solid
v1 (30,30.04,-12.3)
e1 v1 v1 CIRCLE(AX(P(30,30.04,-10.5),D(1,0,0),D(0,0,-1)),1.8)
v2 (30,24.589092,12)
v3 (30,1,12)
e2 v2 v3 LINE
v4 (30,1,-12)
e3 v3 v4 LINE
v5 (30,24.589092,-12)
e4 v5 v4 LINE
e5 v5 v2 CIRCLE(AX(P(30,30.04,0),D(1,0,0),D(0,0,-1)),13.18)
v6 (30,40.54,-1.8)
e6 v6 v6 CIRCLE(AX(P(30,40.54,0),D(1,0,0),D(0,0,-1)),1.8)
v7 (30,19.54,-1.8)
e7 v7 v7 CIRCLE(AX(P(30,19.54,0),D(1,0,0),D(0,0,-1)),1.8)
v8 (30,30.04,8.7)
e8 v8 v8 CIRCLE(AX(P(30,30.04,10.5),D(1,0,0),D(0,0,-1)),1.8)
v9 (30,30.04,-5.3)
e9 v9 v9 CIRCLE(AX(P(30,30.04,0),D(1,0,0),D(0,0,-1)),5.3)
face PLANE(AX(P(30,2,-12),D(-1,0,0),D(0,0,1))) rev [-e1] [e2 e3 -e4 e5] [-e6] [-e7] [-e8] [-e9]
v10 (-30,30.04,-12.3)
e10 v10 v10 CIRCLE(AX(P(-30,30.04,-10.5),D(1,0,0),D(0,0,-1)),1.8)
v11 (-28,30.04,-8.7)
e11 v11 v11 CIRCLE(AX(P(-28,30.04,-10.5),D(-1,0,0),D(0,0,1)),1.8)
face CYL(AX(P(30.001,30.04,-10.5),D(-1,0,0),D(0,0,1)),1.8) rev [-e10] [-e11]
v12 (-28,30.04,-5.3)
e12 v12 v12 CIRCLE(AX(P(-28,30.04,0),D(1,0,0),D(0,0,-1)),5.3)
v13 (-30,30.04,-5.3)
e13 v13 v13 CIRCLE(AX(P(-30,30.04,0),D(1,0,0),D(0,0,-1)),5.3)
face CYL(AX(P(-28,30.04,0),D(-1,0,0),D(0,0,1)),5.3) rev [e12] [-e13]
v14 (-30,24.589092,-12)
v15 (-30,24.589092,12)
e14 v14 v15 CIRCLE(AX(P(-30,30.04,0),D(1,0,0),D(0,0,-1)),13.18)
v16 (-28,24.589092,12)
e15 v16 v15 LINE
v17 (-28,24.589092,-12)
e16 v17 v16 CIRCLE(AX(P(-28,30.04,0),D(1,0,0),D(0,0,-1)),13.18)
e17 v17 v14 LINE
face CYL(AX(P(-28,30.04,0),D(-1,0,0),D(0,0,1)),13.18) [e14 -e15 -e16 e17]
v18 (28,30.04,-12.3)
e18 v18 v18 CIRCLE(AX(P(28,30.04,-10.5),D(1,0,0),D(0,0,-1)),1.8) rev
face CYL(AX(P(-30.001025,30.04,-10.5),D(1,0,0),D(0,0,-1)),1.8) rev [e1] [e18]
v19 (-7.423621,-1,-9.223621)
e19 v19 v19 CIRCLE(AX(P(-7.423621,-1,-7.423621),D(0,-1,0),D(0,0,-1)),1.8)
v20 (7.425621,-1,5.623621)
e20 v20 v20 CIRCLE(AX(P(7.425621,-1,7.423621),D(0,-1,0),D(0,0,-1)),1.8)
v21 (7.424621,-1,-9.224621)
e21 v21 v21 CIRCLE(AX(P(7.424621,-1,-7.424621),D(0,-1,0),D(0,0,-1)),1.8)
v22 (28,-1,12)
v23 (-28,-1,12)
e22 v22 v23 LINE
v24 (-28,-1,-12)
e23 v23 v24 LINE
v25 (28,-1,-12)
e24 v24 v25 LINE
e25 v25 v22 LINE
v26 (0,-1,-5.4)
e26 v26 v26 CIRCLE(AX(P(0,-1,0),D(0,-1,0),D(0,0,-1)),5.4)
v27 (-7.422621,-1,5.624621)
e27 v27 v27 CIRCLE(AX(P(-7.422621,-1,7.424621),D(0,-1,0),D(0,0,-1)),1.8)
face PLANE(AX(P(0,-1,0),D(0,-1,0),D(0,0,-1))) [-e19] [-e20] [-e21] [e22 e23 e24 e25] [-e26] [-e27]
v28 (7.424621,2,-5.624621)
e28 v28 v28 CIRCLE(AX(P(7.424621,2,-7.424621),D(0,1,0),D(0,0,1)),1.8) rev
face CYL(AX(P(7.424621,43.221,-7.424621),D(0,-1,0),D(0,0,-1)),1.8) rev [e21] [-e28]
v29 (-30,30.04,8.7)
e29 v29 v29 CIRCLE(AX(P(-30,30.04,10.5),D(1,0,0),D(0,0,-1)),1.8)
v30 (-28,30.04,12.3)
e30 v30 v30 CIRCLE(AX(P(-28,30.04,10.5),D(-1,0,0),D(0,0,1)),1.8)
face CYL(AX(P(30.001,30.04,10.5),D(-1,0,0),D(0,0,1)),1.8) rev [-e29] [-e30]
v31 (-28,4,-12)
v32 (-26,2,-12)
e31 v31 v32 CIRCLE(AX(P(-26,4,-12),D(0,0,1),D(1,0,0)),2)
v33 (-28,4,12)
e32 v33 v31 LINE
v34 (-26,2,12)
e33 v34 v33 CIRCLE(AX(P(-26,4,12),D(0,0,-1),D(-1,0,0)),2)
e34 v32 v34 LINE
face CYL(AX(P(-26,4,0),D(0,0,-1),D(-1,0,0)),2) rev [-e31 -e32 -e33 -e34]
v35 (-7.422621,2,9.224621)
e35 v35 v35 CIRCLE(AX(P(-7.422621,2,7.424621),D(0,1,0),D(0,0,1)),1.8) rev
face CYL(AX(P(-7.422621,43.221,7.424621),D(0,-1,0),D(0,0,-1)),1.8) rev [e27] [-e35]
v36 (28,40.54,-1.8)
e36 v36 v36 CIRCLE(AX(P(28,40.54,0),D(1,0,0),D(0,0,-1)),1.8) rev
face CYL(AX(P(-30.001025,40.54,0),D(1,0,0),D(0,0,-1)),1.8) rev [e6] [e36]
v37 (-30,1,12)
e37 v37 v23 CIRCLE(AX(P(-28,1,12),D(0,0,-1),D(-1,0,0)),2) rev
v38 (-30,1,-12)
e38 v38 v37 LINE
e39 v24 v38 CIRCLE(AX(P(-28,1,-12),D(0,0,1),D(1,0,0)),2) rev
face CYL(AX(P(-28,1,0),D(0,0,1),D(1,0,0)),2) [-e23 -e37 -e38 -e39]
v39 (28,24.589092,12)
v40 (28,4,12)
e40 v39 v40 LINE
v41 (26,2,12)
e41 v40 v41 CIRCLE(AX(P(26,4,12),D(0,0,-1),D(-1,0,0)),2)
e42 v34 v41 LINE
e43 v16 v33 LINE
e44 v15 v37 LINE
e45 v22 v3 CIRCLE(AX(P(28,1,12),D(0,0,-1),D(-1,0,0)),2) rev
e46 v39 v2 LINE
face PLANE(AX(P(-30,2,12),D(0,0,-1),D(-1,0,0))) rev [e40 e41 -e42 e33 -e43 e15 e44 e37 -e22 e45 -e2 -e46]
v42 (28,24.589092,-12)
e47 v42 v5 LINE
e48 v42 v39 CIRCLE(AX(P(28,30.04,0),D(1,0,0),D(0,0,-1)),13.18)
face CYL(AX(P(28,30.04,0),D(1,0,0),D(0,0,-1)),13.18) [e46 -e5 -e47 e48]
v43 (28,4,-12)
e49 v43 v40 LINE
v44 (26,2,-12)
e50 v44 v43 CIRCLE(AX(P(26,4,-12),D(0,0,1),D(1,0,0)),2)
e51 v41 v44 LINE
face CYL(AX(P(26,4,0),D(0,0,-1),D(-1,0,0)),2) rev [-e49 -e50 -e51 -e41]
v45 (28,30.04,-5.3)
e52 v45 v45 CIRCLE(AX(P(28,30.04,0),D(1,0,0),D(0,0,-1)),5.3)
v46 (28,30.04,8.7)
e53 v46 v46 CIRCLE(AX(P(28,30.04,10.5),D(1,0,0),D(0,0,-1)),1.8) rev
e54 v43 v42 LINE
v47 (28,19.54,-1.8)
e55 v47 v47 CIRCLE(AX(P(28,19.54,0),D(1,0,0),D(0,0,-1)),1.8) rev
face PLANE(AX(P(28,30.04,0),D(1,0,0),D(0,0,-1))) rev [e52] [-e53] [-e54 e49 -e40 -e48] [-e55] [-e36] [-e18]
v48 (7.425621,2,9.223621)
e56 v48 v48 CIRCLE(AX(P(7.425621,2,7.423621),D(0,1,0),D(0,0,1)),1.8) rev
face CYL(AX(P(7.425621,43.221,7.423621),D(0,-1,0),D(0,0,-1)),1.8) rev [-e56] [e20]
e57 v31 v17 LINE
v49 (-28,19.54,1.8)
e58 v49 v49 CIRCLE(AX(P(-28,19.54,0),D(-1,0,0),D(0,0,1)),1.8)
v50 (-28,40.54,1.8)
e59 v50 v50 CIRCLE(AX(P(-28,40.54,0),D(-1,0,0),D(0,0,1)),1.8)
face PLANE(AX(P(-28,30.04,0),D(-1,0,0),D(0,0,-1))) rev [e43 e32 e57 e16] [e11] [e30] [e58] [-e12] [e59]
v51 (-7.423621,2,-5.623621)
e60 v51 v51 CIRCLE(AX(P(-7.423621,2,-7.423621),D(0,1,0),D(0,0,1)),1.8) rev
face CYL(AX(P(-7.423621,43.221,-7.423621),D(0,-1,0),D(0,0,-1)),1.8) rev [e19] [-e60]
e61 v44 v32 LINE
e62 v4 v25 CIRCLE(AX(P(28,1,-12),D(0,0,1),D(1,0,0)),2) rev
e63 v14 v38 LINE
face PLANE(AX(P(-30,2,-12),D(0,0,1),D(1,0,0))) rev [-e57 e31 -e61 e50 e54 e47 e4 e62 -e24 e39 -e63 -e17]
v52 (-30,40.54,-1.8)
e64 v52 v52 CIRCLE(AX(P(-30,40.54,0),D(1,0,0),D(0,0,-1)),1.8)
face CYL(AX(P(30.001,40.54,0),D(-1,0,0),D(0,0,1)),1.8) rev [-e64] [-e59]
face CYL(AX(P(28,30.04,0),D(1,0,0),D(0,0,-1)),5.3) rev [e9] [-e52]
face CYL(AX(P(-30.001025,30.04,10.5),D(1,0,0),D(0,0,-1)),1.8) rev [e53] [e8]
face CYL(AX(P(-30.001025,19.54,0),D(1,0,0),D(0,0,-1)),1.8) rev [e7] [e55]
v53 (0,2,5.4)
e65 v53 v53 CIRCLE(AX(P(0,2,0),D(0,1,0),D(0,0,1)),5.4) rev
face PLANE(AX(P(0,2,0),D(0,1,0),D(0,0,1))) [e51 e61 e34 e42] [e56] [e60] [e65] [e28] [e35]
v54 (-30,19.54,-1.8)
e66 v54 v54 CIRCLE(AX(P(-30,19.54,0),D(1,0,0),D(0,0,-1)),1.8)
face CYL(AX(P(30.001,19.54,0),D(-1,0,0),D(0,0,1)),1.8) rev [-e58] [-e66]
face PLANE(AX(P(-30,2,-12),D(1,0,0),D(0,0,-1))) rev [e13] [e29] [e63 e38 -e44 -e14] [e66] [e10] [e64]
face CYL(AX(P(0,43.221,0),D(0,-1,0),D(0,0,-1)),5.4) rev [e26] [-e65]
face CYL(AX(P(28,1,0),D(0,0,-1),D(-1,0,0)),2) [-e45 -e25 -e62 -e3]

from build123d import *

# Parameters (mm, degrees)
CROQUIS1_W              = 60
CROQUIS1_H              = 24
SALIENTE_EXTRUIR1_DEPTH = 2
CROQUIS3_R              = 5.3
SALIENTE_EXTRUIR2_DEPTH = 2
CROQUIS5_R              = 1.8
CORTAR_EXTRUIR1_DEPTH   = 2
CROQUIS6_W              = 60
CROQUIS6_H              = 24
SALIENTE_EXTRUIR3_DEPTH = 1
CORTAR_EXTRUIR2_REACH   = 46.22
CROQUIS7_R              = 5.4
CROQUIS7_R_2            = 1.8
REDONDEO1_R             = 2


with BuildPart() as part:
    # Croquis1 → Saliente-Extruir1 (new body)
    with BuildSketch(Plane(origin=(0, 0, 0), x_dir=(1, 0, 0), z_dir=(0, 1, 0))):
        Rectangle(CROQUIS1_W, CROQUIS1_H)
    extrude(amount=SALIENTE_EXTRUIR1_DEPTH)

    # Croquis3 → Saliente-Extruir2 (add)
    with BuildSketch(Plane(origin=(30, 0, 0), x_dir=(0, 0, -1), z_dir=(1, 0, 0))):
        with BuildLine():
            Line((12, 2), (-12, 2))
            Line((-12, 2), (-12, 24.589091819))
            ThreePointArc((-12, 24.589091819), (0, 43.22), (12, 24.589091819))
            Line((12, 24.589091819), (12, 2))
        make_face()
        with Locations((0, 30.04)):
            Circle(CROQUIS3_R, mode=Mode.SUBTRACT)
    saliente_extruir2 = extrude(amount=-SALIENTE_EXTRUIR2_DEPTH)

    # Croquis5 → Cortar-Extruir1 (cut)
    with BuildSketch(Plane(origin=(30, 0, 0), x_dir=(0, 0, -1), z_dir=(1, 0, 0))):
        with Locations((0, 40.54)):
            Circle(CROQUIS5_R)
        with Locations((10.5, 30.04)):
            Circle(CROQUIS5_R)
        with Locations((0, 19.54)):
            Circle(CROQUIS5_R)
        with Locations((-10.5, 30.04)):
            Circle(CROQUIS5_R)
    cortar_extruir1 = extrude(amount=-CORTAR_EXTRUIR1_DEPTH, mode=Mode.SUBTRACT)

    # Simetría1: Saliente-Extruir2, Cortar-Extruir1 across plane
    add(saliente_extruir2.mirror(Plane(origin=(0, 0, 0), x_dir=(0, 0, 1), z_dir=(1, 0, 0))))
    add(cortar_extruir1.mirror(Plane(origin=(0, 0, 0), x_dir=(0, 0, 1), z_dir=(1, 0, 0))), mode=Mode.SUBTRACT)

    # Croquis6 → Saliente-Extruir3 (add)
    with BuildSketch(Plane.XZ):
        Rectangle(CROQUIS6_W, CROQUIS6_H)
    extrude(amount=SALIENTE_EXTRUIR3_DEPTH)

    # Croquis7 → Cortar-Extruir2 (cut, up to next)
    with BuildSketch(Plane.XZ.offset(1), mode=Mode.PRIVATE) as cortar_extruir2_sk1:
        Circle(CROQUIS7_R)
    cortar_extruir2_tool1 = extrude(cortar_extruir2_sk1.sketch, amount=-CORTAR_EXTRUIR2_REACH, mode=Mode.PRIVATE) & part.part
    add(cortar_extruir2_tool1.solids().sort_by_distance((0, -1, 0))[0], mode=Mode.SUBTRACT)
    # Croquis7 → Cortar-Extruir2 (cut, up to next)
    with BuildSketch(Plane.XZ.offset(1), mode=Mode.PRIVATE) as cortar_extruir2_sk2:
        with Locations((7.424621202, -7.424621202)):
            Circle(CROQUIS7_R_2)
    cortar_extruir2_tool2 = extrude(cortar_extruir2_sk2.sketch, amount=-CORTAR_EXTRUIR2_REACH, mode=Mode.PRIVATE) & part.part
    add(cortar_extruir2_tool2.solids().sort_by_distance((7.424621, -1, -7.424621))[0], mode=Mode.SUBTRACT)
    # Croquis7 → Cortar-Extruir2 (cut, up to next)
    with BuildSketch(Plane.XZ.offset(1), mode=Mode.PRIVATE) as cortar_extruir2_sk3:
        with Locations((-7.423621202, -7.423621202)):
            Circle(CROQUIS7_R_2)
    cortar_extruir2_tool3 = extrude(cortar_extruir2_sk3.sketch, amount=-CORTAR_EXTRUIR2_REACH, mode=Mode.PRIVATE) & part.part
    add(cortar_extruir2_tool3.solids().sort_by_distance((-7.423621, -1, -7.423621))[0], mode=Mode.SUBTRACT)
    # Croquis7 → Cortar-Extruir2 (cut, up to next)
    with BuildSketch(Plane.XZ.offset(1), mode=Mode.PRIVATE) as cortar_extruir2_sk4:
        with Locations((-7.422621202, 7.424621202)):
            Circle(CROQUIS7_R_2)
    cortar_extruir2_tool4 = extrude(cortar_extruir2_sk4.sketch, amount=-CORTAR_EXTRUIR2_REACH, mode=Mode.PRIVATE) & part.part
    add(cortar_extruir2_tool4.solids().sort_by_distance((-7.422621, -1, 7.424621))[0], mode=Mode.SUBTRACT)
    # Croquis7 → Cortar-Extruir2 (cut, up to next)
    with BuildSketch(Plane.XZ.offset(1), mode=Mode.PRIVATE) as cortar_extruir2_sk5:
        with Locations((7.425621202, 7.423621202)):
            Circle(CROQUIS7_R_2)
    cortar_extruir2_tool5 = extrude(cortar_extruir2_sk5.sketch, amount=-CORTAR_EXTRUIR2_REACH, mode=Mode.PRIVATE) & part.part
    add(cortar_extruir2_tool5.solids().sort_by_distance((7.425621, -1, 7.423621))[0], mode=Mode.SUBTRACT)

    # Redondeo1
    redondeo1_edges = [part.edges().sort_by_distance(p)[0] for p in [
        (-28, 2, 0),
        (28, 2, 0),
        (-30, -1, 0),
        (30, -1, 0),
    ]]
    fillet(redondeo1_edges, radius=REDONDEO1_R)


solid = part.part
